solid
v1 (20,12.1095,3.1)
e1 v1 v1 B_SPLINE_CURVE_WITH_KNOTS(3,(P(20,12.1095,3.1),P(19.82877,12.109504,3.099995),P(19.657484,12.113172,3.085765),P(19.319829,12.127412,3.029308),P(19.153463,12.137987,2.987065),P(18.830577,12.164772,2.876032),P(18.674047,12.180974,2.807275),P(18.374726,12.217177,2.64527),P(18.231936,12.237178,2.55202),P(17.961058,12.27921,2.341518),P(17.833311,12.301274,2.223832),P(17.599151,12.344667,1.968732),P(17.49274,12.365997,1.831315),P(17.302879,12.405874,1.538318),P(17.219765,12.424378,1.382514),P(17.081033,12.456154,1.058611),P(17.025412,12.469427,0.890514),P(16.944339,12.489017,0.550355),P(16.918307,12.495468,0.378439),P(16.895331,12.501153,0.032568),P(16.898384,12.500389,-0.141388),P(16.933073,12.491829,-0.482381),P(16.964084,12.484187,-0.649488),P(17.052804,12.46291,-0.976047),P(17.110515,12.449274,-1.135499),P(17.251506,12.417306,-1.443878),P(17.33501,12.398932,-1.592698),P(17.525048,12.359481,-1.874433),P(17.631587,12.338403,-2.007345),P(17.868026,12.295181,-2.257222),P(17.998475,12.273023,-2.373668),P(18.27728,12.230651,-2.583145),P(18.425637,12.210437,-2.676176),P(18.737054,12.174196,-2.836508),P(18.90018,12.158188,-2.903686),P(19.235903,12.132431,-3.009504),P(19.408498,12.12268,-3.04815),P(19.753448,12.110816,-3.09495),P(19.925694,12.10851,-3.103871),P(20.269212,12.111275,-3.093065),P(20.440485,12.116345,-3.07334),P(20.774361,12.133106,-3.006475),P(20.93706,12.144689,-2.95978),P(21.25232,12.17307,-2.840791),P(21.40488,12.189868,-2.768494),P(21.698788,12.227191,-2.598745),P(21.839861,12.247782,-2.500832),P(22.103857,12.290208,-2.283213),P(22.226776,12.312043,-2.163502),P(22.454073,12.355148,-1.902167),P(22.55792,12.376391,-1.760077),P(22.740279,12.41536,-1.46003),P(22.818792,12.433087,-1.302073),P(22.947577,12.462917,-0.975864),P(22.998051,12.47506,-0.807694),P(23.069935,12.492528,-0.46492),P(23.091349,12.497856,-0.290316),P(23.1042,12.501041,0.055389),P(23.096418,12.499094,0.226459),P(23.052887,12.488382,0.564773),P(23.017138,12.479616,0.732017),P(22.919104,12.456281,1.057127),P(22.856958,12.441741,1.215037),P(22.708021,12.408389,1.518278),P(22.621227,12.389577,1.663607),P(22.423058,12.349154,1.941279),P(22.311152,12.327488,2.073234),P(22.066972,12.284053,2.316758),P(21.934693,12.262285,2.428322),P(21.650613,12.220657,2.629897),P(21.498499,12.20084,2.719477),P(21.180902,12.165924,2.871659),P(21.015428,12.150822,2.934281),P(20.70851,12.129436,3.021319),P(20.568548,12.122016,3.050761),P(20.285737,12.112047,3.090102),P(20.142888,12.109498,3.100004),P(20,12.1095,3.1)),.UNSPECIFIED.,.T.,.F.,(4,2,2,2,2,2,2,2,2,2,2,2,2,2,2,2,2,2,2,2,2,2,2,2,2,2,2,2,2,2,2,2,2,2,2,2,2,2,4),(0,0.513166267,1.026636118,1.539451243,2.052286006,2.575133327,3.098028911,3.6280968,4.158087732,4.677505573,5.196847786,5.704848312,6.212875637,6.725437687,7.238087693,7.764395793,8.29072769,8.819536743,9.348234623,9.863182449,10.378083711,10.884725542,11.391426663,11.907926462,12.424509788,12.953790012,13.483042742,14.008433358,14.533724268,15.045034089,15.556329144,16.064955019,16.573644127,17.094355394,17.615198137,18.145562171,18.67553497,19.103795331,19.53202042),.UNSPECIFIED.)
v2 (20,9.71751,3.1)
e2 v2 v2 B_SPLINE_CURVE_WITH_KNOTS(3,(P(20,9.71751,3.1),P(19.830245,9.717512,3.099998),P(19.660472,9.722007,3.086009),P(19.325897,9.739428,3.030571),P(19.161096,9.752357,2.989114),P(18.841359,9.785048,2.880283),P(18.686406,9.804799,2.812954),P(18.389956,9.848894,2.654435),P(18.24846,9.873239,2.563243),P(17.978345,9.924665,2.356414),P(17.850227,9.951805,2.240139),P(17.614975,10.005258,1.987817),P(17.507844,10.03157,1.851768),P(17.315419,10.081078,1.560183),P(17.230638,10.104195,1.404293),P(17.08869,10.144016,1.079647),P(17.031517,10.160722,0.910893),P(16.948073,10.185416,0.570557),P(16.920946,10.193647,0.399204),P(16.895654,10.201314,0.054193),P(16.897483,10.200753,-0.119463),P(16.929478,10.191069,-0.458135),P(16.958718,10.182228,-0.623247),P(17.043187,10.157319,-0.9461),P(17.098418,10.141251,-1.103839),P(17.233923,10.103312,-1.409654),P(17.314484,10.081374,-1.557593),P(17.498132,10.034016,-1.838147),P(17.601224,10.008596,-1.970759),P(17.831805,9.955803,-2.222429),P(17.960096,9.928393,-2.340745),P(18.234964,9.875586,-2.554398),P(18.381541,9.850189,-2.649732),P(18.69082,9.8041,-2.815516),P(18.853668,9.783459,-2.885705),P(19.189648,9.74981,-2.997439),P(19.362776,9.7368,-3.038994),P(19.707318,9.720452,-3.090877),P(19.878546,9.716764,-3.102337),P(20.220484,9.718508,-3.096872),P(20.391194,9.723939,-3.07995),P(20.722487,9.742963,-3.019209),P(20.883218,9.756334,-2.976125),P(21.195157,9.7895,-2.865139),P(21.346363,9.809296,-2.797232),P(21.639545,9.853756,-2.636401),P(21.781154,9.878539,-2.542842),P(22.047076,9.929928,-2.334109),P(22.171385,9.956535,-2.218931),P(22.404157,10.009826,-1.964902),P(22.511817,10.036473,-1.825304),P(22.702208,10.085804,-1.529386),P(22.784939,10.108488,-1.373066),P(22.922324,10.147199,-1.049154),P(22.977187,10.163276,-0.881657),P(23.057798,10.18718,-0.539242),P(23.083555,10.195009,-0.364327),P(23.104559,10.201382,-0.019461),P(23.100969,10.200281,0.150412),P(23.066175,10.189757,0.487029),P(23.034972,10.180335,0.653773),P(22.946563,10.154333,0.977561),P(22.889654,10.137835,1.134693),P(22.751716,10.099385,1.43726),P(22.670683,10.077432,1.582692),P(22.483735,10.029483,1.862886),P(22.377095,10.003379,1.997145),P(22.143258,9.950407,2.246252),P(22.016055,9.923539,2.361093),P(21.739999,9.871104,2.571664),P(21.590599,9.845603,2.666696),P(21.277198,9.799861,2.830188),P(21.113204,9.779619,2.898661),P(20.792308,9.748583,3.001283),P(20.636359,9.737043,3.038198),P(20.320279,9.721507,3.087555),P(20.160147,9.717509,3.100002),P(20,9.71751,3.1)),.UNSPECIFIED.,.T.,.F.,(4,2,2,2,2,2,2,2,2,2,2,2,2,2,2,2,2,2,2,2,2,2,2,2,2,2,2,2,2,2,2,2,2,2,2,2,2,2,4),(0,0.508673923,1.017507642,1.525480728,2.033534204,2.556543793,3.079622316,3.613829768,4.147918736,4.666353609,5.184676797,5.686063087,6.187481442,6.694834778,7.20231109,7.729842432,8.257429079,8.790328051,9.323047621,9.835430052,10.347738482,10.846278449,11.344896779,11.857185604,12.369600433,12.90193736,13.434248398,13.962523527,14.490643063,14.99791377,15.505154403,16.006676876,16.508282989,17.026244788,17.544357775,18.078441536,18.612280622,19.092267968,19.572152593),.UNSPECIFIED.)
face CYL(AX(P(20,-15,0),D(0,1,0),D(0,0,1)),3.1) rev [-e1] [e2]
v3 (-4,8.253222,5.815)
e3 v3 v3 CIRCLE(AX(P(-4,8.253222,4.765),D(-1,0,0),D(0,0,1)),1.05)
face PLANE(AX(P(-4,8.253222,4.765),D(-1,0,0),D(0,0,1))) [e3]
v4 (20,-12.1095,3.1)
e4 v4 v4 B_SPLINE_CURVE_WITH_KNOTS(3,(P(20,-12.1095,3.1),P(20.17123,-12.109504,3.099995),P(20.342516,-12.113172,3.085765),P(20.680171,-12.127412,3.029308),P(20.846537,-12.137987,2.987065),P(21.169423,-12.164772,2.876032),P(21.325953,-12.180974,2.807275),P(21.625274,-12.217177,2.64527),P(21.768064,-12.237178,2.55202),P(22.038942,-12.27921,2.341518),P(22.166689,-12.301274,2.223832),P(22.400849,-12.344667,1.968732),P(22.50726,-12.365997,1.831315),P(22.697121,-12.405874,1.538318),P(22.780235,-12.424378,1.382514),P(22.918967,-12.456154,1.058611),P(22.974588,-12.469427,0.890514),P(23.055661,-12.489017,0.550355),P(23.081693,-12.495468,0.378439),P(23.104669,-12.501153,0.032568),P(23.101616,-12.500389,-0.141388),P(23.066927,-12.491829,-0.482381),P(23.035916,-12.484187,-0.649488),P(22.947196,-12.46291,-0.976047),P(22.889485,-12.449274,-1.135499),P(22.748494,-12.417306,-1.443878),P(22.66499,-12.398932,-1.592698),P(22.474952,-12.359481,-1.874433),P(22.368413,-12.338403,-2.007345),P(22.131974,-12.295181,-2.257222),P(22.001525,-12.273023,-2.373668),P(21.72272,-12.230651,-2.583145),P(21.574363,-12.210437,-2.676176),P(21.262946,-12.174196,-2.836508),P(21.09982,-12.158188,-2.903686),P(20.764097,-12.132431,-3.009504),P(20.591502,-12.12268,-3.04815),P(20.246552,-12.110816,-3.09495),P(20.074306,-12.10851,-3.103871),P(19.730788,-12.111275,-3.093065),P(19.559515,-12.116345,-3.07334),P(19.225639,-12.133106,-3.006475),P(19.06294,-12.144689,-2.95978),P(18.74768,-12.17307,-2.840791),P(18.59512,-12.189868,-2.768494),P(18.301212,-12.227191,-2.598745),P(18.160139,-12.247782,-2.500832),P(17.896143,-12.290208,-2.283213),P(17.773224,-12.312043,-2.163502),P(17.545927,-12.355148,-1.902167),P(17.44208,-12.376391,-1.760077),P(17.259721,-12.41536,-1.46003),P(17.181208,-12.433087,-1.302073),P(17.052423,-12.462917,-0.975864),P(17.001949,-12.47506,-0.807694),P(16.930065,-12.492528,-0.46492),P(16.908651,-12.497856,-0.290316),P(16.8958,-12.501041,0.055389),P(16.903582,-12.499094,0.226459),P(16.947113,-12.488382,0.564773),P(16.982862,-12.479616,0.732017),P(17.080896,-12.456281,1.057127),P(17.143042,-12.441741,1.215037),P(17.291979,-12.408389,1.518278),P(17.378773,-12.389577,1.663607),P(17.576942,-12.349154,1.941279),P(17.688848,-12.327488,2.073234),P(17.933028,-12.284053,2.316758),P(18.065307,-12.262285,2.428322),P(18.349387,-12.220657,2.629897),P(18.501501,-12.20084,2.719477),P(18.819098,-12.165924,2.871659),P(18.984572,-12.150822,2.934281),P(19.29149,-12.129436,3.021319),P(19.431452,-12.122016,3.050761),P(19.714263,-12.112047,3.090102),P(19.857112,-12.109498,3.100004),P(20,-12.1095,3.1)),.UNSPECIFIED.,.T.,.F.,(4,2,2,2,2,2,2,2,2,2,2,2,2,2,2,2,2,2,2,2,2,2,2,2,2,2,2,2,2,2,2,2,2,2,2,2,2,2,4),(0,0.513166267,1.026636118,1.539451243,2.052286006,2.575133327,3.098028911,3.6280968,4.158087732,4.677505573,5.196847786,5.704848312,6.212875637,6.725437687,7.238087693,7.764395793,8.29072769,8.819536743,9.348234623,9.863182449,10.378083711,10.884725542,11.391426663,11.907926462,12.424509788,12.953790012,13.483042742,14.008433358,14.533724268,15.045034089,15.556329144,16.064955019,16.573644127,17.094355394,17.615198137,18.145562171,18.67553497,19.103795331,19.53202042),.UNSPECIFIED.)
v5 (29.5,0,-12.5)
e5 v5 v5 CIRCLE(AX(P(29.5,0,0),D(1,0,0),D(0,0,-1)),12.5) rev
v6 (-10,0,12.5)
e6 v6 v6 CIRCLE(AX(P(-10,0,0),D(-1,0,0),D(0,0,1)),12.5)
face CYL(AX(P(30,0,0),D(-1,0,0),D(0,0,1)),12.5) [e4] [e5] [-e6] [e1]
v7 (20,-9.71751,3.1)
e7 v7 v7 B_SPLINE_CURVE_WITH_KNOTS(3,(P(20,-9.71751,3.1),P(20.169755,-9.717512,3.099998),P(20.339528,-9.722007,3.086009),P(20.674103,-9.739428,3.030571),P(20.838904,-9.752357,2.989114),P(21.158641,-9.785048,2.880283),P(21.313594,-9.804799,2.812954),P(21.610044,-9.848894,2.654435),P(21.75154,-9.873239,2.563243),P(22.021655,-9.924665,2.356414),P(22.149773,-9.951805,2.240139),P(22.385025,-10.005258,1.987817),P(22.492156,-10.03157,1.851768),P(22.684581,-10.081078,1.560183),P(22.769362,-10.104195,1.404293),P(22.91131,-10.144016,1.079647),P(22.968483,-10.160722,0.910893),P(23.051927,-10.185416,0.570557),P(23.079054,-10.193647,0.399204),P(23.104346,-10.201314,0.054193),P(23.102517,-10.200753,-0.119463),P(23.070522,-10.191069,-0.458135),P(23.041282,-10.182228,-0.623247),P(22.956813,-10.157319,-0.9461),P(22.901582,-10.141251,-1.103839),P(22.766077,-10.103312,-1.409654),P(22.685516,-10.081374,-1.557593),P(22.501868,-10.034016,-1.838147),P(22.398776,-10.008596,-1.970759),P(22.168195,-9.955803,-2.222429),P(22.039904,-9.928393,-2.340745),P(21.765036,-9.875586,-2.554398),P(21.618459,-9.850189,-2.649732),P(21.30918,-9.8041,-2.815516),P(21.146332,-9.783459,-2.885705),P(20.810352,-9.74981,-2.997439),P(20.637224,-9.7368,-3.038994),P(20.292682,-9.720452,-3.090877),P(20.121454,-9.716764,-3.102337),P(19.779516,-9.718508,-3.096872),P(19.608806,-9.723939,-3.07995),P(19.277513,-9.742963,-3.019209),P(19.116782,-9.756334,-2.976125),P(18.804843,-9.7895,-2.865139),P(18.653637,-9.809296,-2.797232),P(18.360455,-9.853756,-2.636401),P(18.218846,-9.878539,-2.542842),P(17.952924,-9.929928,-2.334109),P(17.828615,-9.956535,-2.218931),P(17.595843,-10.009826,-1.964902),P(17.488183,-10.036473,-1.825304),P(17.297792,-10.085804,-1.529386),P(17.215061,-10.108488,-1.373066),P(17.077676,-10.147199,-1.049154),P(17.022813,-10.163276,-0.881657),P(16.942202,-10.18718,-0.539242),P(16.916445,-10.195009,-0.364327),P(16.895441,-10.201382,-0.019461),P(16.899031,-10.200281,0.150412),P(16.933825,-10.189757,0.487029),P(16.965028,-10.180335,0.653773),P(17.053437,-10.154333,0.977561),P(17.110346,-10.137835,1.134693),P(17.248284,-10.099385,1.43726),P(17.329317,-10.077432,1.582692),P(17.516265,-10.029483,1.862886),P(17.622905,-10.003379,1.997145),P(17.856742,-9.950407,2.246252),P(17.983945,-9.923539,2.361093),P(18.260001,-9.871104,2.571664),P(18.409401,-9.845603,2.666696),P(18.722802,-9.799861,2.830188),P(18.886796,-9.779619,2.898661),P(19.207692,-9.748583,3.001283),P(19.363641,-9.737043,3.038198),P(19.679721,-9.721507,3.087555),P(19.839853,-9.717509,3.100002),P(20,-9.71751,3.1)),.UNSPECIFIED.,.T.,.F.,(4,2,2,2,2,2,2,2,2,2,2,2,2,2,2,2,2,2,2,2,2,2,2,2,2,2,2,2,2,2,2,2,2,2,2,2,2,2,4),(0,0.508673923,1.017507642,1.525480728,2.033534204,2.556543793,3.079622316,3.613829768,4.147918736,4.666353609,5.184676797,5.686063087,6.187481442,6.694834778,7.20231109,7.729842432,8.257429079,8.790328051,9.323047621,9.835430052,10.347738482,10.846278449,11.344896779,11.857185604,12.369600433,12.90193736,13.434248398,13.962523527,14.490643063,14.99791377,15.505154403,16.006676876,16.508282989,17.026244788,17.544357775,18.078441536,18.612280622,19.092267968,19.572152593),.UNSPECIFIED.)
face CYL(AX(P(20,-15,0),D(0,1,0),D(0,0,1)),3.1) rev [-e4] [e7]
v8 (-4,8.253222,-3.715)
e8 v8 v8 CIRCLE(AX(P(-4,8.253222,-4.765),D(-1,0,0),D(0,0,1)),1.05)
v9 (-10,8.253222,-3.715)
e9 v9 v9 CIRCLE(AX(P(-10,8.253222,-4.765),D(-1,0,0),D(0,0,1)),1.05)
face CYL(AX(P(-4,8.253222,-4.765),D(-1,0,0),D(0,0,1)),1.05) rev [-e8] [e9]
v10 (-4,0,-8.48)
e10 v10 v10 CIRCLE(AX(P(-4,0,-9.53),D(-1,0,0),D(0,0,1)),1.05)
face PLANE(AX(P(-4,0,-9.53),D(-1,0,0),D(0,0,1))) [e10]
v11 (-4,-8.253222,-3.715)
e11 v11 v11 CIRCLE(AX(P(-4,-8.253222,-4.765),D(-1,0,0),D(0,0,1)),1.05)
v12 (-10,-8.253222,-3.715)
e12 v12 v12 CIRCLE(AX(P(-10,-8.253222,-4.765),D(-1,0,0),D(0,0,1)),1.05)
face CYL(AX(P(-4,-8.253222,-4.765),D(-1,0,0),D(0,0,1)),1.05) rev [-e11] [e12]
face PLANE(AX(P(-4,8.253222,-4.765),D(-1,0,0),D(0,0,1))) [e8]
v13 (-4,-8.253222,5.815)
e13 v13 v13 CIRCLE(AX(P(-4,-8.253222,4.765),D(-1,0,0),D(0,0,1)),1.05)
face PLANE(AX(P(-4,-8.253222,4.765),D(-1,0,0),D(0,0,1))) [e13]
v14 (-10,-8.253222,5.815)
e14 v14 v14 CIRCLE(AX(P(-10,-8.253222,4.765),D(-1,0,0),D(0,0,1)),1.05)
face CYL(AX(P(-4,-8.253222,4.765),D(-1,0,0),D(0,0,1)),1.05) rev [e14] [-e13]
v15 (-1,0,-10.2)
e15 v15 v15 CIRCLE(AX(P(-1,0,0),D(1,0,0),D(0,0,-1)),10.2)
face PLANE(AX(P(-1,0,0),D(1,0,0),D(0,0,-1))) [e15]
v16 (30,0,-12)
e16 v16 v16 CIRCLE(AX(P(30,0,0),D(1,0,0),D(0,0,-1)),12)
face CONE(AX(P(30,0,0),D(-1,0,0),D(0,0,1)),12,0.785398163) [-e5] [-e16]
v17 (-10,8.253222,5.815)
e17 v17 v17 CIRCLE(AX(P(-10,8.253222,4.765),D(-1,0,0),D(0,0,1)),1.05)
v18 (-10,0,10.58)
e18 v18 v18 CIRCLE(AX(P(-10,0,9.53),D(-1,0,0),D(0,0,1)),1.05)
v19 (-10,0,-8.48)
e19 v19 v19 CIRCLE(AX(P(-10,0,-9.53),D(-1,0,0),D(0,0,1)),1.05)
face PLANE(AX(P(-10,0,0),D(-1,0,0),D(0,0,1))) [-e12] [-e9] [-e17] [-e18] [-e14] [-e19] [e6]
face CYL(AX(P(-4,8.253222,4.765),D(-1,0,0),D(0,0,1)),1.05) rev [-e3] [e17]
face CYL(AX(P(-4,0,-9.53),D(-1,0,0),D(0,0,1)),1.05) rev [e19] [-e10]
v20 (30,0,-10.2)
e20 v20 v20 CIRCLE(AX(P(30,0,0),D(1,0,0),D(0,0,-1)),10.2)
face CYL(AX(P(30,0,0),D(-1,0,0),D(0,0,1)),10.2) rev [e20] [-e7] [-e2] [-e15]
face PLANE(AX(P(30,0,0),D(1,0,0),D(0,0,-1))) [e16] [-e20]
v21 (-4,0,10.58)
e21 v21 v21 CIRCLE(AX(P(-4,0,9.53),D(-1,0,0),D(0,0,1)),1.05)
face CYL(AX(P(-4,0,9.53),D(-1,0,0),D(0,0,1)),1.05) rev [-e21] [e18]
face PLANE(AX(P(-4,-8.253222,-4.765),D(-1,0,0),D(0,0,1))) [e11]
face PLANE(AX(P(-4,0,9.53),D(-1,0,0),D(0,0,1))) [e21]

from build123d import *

# Parameters (mm, degrees)
SKETCH_1_R          = 12.5
SKETCH_1_R_2        = 10.2
EXTRUDE_1_DEPTH     = 30
EXTRUDE_START       = 10
SKETCH_2_R          = 12.5
EXTRUDE_2_DEPTH     = 10
SKETCH_3_R          = 3.1
CUT_EXTRUDE_1_DEPTH = 15
CHAMFER_1_SIZE      = 0.5
CUT_EXTRUDE_START   = -1
SKETCH_4_R          = 10.2
CUT_EXTRUDE_2_DEPTH = 1
SKETCH_5_R          = 1.05
CUT_EXTRUDE_3_DEPTH = 6


with BuildPart() as part:
    # 草图1 → 凸台-拉伸1 (new body)
    with BuildSketch(Plane(origin=(0, 0, 0), x_dir=(0, 0, -1), z_dir=(1, 0, 0))):
        Circle(SKETCH_1_R)
        Circle(SKETCH_1_R_2, mode=Mode.SUBTRACT)
    extrude(amount=EXTRUDE_1_DEPTH)

    # 草图2 → 凸台-拉伸2 (add)
    with BuildSketch(Plane.ZY.offset(EXTRUDE_START)):
        Circle(SKETCH_2_R)
    extrude(amount=-EXTRUDE_2_DEPTH)

    # 草图3 → 切除-拉伸1 (cut, symmetric)
    with BuildSketch(Plane(origin=(0, 0, 0), x_dir=(1, 0, 0), z_dir=(0, 1, 0))):
        with Locations(Location((20, 0, 0), (0, 0, 270))):
            Circle(SKETCH_3_R)
    extrude(amount=CUT_EXTRUDE_1_DEPTH, both=True, mode=Mode.SUBTRACT)

    # 倒角1
    chamfer_1_edges = [part.edges().sort_by_distance(p)[0] for p in [
        (30, 0, 12.5),
    ]]
    chamfer(chamfer_1_edges, length=CHAMFER_1_SIZE)

    # 草图4 → 切除-拉伸2 (cut)
    with BuildSketch(Plane(origin=(0, 0, 0), x_dir=(0, 0, -1), z_dir=(1, 0, 0)).offset(CUT_EXTRUDE_START)):
        Circle(SKETCH_4_R)
    extrude(amount=CUT_EXTRUDE_2_DEPTH, mode=Mode.SUBTRACT)

    # 草图5 → 切除-拉伸3 (cut)
    with BuildSketch(Plane.ZY.offset(10)):
        with Locations((9.53, 0)):
            Circle(SKETCH_5_R)
        with Locations((4.765, -8.253222098)):
            Circle(SKETCH_5_R)
        with Locations((-4.765, -8.253222098)):
            Circle(SKETCH_5_R)
        with Locations((-9.53, 0)):
            Circle(SKETCH_5_R)
        with Locations((-4.765, 8.253222098)):
            Circle(SKETCH_5_R)
        with Locations((4.765, 8.253222098)):
            Circle(SKETCH_5_R)
    extrude(amount=-CUT_EXTRUDE_3_DEPTH, mode=Mode.SUBTRACT)


solid = part.part
